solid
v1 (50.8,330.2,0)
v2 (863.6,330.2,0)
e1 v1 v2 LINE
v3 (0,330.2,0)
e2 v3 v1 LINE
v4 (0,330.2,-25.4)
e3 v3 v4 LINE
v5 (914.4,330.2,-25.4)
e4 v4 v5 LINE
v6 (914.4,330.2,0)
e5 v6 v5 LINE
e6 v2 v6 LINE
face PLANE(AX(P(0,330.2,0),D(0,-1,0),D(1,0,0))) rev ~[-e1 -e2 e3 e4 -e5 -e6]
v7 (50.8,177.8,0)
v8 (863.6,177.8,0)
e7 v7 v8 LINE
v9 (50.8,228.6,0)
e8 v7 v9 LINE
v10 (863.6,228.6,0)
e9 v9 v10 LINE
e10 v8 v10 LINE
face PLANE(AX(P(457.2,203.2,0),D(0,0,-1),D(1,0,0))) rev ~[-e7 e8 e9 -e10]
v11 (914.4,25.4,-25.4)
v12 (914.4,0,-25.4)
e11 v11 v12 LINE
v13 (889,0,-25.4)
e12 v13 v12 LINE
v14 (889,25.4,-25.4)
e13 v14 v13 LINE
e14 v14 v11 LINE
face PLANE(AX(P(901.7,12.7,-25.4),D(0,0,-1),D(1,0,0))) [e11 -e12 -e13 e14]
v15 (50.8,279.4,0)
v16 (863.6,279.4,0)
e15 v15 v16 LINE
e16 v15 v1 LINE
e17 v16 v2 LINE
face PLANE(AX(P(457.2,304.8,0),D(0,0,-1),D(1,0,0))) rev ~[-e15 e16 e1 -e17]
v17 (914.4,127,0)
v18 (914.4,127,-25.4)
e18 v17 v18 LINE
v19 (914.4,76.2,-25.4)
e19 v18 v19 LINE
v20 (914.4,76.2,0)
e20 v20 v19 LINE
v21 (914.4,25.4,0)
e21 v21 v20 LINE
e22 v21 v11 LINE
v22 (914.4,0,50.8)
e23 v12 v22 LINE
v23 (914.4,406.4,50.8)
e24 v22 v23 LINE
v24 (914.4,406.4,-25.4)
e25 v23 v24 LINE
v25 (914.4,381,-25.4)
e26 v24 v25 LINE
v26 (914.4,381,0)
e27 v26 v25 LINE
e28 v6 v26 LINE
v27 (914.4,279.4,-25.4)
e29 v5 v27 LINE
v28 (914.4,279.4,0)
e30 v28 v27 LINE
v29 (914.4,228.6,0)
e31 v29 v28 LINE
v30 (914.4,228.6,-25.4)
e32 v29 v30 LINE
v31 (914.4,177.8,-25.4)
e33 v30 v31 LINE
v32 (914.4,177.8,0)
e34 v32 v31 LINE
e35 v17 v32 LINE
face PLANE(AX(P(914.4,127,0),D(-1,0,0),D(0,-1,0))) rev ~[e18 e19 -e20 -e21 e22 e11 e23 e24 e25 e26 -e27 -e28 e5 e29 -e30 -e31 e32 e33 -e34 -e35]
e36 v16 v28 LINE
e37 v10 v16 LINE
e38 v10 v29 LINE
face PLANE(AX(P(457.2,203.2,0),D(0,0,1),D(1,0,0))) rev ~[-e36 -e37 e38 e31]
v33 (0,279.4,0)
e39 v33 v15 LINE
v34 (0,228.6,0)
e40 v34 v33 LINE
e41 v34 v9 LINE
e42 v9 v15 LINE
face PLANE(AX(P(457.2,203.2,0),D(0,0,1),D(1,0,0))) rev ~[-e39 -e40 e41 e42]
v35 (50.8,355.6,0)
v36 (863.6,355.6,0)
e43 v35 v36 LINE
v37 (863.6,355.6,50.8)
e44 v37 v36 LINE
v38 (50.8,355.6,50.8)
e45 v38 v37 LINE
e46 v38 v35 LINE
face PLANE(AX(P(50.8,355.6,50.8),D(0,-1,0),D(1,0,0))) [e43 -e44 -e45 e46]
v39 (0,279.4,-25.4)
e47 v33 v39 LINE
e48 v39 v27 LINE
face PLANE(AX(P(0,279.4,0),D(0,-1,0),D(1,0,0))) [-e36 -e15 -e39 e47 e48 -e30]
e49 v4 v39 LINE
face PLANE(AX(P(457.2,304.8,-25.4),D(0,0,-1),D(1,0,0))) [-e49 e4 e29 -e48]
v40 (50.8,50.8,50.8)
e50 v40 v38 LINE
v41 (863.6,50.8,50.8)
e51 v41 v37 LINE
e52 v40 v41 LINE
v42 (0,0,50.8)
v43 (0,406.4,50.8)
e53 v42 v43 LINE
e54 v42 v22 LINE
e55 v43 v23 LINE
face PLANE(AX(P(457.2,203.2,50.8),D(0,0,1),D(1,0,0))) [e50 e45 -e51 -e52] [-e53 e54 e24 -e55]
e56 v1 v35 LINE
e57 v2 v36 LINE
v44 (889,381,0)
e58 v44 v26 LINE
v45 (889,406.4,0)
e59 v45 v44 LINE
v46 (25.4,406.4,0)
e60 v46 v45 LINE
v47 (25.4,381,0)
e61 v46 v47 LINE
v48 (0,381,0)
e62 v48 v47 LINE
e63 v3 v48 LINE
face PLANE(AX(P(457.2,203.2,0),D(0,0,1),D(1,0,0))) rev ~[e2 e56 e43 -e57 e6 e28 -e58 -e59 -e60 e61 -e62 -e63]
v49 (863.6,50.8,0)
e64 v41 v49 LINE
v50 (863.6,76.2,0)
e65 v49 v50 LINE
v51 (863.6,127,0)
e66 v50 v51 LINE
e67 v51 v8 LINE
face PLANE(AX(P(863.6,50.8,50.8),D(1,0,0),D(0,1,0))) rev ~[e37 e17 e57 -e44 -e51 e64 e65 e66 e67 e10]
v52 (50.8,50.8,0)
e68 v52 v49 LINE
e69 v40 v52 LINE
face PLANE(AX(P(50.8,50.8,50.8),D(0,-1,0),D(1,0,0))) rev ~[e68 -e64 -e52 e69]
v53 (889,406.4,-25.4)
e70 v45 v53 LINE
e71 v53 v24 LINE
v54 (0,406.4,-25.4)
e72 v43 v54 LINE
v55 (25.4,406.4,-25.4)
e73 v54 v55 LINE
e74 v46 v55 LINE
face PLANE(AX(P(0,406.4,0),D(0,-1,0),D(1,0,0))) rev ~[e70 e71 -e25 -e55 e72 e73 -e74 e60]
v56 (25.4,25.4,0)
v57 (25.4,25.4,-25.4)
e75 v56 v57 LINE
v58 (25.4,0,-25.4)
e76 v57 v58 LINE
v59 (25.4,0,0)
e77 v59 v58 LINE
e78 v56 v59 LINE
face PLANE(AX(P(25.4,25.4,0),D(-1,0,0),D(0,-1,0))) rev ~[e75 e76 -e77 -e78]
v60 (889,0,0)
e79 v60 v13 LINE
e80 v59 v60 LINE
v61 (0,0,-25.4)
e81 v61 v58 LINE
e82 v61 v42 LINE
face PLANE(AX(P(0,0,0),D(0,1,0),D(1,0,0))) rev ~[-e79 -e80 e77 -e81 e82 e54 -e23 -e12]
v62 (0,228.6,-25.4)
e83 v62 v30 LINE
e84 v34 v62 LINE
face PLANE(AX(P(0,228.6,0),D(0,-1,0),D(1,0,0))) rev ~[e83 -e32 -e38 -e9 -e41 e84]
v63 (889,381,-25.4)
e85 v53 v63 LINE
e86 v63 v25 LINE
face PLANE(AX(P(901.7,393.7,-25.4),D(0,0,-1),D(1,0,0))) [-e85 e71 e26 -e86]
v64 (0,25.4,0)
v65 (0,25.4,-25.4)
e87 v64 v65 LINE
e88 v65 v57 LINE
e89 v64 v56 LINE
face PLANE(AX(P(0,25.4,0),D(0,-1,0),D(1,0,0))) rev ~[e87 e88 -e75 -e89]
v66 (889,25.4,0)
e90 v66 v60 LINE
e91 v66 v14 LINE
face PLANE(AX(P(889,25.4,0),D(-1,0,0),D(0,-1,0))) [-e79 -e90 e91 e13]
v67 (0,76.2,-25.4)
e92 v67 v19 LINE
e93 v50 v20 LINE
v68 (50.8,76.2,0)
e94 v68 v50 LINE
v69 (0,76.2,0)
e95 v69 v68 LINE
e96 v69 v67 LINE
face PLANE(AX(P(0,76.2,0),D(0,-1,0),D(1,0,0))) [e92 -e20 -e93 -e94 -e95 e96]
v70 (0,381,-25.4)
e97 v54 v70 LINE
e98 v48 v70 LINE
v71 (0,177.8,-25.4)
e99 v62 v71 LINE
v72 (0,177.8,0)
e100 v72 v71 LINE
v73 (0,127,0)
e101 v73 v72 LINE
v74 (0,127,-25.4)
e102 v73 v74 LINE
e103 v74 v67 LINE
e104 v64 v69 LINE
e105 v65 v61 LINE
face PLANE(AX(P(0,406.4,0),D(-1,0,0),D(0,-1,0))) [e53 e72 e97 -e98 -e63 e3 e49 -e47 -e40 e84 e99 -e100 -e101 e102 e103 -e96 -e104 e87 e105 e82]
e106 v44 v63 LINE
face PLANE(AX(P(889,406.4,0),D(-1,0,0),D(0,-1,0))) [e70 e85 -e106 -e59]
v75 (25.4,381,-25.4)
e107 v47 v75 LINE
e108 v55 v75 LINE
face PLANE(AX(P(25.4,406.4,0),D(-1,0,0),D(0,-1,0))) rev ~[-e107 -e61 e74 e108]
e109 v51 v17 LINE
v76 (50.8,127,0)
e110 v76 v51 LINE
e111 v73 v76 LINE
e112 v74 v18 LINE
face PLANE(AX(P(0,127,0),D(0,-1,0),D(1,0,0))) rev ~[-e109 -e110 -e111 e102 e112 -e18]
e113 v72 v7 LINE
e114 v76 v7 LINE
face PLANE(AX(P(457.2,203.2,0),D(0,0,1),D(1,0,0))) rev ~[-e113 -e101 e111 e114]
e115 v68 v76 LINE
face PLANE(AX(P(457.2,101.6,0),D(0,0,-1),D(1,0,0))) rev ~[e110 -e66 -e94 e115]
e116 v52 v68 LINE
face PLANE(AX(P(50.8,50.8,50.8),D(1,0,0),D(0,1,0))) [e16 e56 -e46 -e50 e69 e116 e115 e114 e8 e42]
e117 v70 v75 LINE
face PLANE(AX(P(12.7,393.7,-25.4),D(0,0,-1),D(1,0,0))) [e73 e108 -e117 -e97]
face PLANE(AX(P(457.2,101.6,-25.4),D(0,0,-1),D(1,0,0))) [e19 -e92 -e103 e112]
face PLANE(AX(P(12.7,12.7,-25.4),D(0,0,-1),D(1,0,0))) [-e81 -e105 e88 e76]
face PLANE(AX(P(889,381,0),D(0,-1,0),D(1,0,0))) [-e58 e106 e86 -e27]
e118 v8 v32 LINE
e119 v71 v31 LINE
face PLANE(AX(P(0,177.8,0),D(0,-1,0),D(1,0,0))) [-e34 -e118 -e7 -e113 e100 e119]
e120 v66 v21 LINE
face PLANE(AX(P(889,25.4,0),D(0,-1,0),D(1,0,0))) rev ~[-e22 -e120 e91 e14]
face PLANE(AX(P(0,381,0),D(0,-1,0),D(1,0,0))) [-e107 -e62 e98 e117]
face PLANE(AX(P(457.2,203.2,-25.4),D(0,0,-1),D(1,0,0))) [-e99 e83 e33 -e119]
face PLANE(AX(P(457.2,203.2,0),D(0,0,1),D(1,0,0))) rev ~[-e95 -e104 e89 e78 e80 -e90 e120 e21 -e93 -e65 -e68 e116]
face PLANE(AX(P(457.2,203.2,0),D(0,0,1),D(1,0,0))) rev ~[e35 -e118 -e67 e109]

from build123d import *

# Parameters (mm, degrees)
SKETCH_W     = 914.4
SKETCH_H     = 406.4
PAD_DEPTH    = 50.8
SKETCH001_W  = 812.8
SKETCH001_H  = 304.8
POCKET_DEPTH = 50.801
SKETCH002_W  = 914.4
SKETCH002_H  = 50.8
PAD001_DEPTH = 25.4
SKETCH003_W  = 25.4
SKETCH003_H  = 25.4
PAD002_DEPTH = 25.4


with BuildPart() as part:
    # Sketch → Pad (new body)
    with BuildSketch(Plane.XY):
        with Locations((457.2, 203.2)):
            Rectangle(SKETCH_W, SKETCH_H)
    extrude(amount=PAD_DEPTH)

    # Sketch001 (on Face6 of Pad) → Pocket (cut, through all)
    with BuildSketch(Plane.XY.offset(50.8)):
        with Locations((457.2, 203.2)):
            Rectangle(SKETCH001_W, SKETCH001_H)
    extrude(amount=-POCKET_DEPTH, mode=Mode.SUBTRACT)

    # Sketch002 (on Face4 of Pocket) → Pad001 (join)
    with BuildSketch(Plane(origin=(0, 0, 0), x_dir=(1, 0, 0), z_dir=(0, 0, -1))):
        with Locations((457.2, -101.6)):
            Rectangle(SKETCH002_W, SKETCH002_H)
        with Locations((457.2, -203.2)):
            Rectangle(SKETCH002_W, SKETCH002_H)
        with Locations((457.2, -304.8)):
            Rectangle(SKETCH002_W, SKETCH002_H)
    extrude(amount=PAD001_DEPTH)

    # Sketch003 (on Face4 of Pad001) → Pad002 (join)
    with BuildSketch(Plane(origin=(0, 0, 0), x_dir=(1, 0, 0), z_dir=(0, 0, -1))):
        with Locations((12.7, -393.7)):
            Rectangle(SKETCH003_W, SKETCH003_H)
        with Locations((901.7, -393.7)):
            Rectangle(SKETCH003_W, SKETCH003_H)
        with Locations((901.7, -12.7)):
            Rectangle(SKETCH003_W, SKETCH003_H)
        with Locations((12.7, -12.7)):
            Rectangle(SKETCH003_W, SKETCH003_H)
    extrude(amount=PAD002_DEPTH)


solid = part.part
